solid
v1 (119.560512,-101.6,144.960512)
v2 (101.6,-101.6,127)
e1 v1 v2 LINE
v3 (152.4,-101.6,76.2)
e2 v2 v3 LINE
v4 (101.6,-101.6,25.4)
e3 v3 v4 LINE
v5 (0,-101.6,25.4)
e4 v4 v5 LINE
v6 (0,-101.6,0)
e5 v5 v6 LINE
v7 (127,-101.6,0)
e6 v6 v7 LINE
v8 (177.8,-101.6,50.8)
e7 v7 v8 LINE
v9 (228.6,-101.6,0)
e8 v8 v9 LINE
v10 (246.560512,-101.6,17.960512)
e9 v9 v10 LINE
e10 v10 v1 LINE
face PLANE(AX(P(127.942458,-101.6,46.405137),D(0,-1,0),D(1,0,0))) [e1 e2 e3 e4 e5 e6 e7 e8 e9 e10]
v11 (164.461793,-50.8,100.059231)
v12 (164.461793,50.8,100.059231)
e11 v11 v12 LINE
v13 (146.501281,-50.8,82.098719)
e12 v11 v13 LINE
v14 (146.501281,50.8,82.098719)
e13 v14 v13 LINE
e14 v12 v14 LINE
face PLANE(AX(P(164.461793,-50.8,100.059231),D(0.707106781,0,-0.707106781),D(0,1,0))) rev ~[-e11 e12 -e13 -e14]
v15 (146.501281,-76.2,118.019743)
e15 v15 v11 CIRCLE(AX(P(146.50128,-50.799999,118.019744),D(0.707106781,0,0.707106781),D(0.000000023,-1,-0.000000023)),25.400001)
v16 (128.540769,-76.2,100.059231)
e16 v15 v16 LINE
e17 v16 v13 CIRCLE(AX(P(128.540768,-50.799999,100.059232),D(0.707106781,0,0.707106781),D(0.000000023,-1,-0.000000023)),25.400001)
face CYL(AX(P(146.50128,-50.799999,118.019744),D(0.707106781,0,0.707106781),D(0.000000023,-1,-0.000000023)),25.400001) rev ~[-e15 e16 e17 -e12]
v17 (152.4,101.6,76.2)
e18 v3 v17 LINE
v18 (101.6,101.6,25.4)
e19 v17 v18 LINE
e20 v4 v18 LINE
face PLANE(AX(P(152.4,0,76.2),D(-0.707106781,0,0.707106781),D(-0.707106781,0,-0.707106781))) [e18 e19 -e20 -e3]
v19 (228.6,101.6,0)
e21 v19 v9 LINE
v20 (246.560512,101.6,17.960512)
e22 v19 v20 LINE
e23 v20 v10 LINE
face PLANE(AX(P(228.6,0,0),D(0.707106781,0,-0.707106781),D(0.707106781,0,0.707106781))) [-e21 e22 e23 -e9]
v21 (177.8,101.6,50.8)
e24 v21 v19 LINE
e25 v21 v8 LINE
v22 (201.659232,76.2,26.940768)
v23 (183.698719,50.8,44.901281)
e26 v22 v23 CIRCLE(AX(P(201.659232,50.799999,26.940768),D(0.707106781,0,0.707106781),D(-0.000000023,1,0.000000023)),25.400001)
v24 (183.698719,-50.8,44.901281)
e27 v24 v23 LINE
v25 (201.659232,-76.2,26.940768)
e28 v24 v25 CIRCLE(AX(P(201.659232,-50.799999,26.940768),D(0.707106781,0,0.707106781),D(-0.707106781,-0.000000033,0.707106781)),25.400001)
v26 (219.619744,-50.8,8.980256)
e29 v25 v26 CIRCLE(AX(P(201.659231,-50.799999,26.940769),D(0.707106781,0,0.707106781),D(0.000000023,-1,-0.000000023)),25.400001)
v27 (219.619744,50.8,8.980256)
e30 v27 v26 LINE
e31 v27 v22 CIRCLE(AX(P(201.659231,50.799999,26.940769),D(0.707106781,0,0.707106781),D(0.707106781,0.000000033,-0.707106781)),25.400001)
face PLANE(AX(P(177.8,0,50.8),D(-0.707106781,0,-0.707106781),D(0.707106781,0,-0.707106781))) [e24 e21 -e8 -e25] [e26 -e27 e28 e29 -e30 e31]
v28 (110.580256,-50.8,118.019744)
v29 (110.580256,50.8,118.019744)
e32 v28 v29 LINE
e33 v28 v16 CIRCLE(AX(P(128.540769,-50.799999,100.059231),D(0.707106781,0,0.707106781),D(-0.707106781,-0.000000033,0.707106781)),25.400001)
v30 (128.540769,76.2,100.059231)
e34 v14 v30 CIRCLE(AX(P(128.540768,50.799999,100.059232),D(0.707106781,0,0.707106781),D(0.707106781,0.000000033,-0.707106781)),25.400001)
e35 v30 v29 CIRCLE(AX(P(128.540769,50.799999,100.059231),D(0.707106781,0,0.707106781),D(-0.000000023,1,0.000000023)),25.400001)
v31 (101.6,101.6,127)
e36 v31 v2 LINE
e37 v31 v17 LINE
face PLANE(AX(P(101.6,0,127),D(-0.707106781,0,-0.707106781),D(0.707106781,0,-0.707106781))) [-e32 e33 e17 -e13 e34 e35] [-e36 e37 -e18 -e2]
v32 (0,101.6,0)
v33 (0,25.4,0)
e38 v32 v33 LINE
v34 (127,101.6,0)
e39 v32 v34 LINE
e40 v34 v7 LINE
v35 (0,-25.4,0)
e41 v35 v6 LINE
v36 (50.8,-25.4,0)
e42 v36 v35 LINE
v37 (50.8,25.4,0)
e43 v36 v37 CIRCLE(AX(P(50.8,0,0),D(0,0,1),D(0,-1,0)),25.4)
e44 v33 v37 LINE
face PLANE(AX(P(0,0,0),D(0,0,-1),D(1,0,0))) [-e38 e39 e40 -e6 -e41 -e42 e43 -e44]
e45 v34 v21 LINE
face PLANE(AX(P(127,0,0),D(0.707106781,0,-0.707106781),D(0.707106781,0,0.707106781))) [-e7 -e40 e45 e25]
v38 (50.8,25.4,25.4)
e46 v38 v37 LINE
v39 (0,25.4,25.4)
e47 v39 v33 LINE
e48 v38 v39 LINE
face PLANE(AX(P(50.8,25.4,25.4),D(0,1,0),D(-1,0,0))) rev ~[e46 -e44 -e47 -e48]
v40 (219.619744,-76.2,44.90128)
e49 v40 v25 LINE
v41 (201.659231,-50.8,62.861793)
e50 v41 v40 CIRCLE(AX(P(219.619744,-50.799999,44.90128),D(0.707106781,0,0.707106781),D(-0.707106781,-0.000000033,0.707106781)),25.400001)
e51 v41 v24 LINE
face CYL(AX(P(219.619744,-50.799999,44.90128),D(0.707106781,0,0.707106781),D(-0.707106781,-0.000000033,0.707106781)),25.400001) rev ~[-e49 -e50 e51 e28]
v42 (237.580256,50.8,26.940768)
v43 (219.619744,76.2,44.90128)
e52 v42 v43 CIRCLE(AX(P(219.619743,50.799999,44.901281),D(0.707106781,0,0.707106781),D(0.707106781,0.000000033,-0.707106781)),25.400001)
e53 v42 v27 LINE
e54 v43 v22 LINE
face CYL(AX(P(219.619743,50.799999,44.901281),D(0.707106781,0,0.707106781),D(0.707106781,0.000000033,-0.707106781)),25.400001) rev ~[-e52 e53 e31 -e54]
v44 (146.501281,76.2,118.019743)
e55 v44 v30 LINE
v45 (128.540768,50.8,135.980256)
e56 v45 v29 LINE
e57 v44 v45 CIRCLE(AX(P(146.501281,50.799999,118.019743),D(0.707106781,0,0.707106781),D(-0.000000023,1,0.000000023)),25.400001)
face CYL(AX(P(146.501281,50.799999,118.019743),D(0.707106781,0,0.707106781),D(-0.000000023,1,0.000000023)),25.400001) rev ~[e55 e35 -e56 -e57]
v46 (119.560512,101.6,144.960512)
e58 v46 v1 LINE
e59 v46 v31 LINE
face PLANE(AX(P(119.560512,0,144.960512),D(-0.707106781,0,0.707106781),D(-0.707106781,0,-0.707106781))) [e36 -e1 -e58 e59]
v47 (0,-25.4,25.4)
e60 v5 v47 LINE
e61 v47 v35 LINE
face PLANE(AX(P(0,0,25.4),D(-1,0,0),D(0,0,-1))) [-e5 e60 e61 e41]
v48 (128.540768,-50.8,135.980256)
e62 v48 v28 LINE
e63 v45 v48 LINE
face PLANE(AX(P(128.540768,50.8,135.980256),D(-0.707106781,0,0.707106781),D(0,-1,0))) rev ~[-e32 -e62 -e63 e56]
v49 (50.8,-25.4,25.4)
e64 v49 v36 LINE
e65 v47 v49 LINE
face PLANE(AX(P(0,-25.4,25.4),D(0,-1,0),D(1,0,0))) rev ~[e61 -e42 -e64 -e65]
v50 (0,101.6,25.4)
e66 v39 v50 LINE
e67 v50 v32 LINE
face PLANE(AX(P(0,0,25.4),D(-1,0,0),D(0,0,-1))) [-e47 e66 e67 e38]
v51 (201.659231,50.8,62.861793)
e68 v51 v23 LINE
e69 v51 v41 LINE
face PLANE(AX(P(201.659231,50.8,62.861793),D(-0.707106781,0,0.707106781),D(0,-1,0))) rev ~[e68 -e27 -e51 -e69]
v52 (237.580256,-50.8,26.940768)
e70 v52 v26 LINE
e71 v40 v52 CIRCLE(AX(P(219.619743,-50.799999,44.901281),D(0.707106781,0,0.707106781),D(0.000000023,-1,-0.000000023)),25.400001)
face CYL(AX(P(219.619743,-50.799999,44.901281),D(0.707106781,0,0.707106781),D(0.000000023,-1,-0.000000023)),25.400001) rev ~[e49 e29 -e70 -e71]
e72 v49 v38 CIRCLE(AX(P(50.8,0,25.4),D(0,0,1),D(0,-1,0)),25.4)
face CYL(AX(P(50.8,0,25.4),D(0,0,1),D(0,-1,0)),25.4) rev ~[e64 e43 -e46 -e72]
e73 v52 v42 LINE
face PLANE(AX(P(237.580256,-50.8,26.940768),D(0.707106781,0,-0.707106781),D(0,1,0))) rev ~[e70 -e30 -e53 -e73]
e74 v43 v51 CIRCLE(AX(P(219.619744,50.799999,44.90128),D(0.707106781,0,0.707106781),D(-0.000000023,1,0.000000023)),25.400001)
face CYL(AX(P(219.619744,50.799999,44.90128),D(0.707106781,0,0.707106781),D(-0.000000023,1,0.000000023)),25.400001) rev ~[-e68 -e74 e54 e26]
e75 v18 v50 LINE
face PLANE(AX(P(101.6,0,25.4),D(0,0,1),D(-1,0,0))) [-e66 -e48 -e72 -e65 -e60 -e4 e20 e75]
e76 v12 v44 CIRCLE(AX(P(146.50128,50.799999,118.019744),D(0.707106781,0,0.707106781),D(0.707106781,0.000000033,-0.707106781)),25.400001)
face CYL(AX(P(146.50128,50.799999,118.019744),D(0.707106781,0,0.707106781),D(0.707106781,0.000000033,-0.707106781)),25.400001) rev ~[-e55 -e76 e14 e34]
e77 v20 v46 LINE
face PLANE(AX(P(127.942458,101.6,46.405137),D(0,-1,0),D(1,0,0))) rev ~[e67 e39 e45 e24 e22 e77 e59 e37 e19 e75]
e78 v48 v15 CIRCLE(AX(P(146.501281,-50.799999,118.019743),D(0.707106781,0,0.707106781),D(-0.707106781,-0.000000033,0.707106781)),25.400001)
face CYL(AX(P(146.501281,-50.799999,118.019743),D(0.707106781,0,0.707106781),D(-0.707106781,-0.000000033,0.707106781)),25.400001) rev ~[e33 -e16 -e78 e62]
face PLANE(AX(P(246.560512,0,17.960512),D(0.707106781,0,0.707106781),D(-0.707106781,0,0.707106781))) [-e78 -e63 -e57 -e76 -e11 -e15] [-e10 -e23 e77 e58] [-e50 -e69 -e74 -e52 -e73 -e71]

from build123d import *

# Parameters (mm, degrees)
F1_DEPTH = 101.6
F3_DEPTH = 50.8
F5_DEPTH = 38.1


with BuildPart() as f1:
    # F0 (on Front) → F1 (new body, symmetric)
    with BuildSketch(Plane.XZ):
        Polygon((0, 25.4), (0, 0), (127, 0), (177.8, 50.8), (228.6, 0), (246.560512, 17.960512), (119.560512, 144.960512), (101.6, 127), (152.4, 76.2), (101.6, 25.4), align=None)
    extrude(amount=F1_DEPTH, both=True)

    # F2 (on face) → F3 (cut)
    with BuildSketch(Plane(origin=(132.260512, 0, 132.260512), x_dir=(0.707107, 0, -0.707107), z_dir=(0.707107, 0, 0.707107))):
        with BuildLine():
            ThreePointArc((123.54461, -76.2), (141.505122, -68.760512), (148.94461, -50.8))
            Line((148.94461, -50.8), (148.94461, 50.8))
            ThreePointArc((148.94461, 50.8), (141.505122, 68.760512), (123.54461, 76.2))
            ThreePointArc((123.54461, 76.2), (105.584098, 68.760512), (98.14461, 50.8))
            Line((98.14461, 50.8), (98.14461, -50.8))
            ThreePointArc((98.14461, -50.8), (105.584098, -68.760512), (123.54461, -76.2))
        make_face()
        with BuildLine():
            Line((-5.260512, 50.8), (-5.260512, -50.8))
            ThreePointArc((-5.260512, -50.8), (2.178976, -68.760512), (20.139488, -76.2))
            ThreePointArc((20.139488, -76.2), (38.1, -68.760512), (45.539488, -50.8))
            Line((45.539488, -50.8), (45.539488, 50.8))
            ThreePointArc((45.539488, 50.8), (38.1, 68.760512), (20.139488, 76.2))
            ThreePointArc((20.139488, 76.2), (2.178976, 68.760512), (-5.260512, 50.8))
        make_face()
    extrude(amount=-F3_DEPTH, mode=Mode.SUBTRACT)

    # F4 (on face) → F5 (cut)
    with BuildSketch(Plane.XY.offset(25.4)):
        with BuildLine():
            Line((0, -25.4), (50.8, -25.4))
            ThreePointArc((50.8, -25.4), (76.2, 0), (50.8, 25.4))
            Line((50.8, 25.4), (0, 25.4))
            Line((0, 25.4), (0, -25.4))
        make_face()
    extrude(amount=-F5_DEPTH, mode=Mode.SUBTRACT)


solid = f1.part
